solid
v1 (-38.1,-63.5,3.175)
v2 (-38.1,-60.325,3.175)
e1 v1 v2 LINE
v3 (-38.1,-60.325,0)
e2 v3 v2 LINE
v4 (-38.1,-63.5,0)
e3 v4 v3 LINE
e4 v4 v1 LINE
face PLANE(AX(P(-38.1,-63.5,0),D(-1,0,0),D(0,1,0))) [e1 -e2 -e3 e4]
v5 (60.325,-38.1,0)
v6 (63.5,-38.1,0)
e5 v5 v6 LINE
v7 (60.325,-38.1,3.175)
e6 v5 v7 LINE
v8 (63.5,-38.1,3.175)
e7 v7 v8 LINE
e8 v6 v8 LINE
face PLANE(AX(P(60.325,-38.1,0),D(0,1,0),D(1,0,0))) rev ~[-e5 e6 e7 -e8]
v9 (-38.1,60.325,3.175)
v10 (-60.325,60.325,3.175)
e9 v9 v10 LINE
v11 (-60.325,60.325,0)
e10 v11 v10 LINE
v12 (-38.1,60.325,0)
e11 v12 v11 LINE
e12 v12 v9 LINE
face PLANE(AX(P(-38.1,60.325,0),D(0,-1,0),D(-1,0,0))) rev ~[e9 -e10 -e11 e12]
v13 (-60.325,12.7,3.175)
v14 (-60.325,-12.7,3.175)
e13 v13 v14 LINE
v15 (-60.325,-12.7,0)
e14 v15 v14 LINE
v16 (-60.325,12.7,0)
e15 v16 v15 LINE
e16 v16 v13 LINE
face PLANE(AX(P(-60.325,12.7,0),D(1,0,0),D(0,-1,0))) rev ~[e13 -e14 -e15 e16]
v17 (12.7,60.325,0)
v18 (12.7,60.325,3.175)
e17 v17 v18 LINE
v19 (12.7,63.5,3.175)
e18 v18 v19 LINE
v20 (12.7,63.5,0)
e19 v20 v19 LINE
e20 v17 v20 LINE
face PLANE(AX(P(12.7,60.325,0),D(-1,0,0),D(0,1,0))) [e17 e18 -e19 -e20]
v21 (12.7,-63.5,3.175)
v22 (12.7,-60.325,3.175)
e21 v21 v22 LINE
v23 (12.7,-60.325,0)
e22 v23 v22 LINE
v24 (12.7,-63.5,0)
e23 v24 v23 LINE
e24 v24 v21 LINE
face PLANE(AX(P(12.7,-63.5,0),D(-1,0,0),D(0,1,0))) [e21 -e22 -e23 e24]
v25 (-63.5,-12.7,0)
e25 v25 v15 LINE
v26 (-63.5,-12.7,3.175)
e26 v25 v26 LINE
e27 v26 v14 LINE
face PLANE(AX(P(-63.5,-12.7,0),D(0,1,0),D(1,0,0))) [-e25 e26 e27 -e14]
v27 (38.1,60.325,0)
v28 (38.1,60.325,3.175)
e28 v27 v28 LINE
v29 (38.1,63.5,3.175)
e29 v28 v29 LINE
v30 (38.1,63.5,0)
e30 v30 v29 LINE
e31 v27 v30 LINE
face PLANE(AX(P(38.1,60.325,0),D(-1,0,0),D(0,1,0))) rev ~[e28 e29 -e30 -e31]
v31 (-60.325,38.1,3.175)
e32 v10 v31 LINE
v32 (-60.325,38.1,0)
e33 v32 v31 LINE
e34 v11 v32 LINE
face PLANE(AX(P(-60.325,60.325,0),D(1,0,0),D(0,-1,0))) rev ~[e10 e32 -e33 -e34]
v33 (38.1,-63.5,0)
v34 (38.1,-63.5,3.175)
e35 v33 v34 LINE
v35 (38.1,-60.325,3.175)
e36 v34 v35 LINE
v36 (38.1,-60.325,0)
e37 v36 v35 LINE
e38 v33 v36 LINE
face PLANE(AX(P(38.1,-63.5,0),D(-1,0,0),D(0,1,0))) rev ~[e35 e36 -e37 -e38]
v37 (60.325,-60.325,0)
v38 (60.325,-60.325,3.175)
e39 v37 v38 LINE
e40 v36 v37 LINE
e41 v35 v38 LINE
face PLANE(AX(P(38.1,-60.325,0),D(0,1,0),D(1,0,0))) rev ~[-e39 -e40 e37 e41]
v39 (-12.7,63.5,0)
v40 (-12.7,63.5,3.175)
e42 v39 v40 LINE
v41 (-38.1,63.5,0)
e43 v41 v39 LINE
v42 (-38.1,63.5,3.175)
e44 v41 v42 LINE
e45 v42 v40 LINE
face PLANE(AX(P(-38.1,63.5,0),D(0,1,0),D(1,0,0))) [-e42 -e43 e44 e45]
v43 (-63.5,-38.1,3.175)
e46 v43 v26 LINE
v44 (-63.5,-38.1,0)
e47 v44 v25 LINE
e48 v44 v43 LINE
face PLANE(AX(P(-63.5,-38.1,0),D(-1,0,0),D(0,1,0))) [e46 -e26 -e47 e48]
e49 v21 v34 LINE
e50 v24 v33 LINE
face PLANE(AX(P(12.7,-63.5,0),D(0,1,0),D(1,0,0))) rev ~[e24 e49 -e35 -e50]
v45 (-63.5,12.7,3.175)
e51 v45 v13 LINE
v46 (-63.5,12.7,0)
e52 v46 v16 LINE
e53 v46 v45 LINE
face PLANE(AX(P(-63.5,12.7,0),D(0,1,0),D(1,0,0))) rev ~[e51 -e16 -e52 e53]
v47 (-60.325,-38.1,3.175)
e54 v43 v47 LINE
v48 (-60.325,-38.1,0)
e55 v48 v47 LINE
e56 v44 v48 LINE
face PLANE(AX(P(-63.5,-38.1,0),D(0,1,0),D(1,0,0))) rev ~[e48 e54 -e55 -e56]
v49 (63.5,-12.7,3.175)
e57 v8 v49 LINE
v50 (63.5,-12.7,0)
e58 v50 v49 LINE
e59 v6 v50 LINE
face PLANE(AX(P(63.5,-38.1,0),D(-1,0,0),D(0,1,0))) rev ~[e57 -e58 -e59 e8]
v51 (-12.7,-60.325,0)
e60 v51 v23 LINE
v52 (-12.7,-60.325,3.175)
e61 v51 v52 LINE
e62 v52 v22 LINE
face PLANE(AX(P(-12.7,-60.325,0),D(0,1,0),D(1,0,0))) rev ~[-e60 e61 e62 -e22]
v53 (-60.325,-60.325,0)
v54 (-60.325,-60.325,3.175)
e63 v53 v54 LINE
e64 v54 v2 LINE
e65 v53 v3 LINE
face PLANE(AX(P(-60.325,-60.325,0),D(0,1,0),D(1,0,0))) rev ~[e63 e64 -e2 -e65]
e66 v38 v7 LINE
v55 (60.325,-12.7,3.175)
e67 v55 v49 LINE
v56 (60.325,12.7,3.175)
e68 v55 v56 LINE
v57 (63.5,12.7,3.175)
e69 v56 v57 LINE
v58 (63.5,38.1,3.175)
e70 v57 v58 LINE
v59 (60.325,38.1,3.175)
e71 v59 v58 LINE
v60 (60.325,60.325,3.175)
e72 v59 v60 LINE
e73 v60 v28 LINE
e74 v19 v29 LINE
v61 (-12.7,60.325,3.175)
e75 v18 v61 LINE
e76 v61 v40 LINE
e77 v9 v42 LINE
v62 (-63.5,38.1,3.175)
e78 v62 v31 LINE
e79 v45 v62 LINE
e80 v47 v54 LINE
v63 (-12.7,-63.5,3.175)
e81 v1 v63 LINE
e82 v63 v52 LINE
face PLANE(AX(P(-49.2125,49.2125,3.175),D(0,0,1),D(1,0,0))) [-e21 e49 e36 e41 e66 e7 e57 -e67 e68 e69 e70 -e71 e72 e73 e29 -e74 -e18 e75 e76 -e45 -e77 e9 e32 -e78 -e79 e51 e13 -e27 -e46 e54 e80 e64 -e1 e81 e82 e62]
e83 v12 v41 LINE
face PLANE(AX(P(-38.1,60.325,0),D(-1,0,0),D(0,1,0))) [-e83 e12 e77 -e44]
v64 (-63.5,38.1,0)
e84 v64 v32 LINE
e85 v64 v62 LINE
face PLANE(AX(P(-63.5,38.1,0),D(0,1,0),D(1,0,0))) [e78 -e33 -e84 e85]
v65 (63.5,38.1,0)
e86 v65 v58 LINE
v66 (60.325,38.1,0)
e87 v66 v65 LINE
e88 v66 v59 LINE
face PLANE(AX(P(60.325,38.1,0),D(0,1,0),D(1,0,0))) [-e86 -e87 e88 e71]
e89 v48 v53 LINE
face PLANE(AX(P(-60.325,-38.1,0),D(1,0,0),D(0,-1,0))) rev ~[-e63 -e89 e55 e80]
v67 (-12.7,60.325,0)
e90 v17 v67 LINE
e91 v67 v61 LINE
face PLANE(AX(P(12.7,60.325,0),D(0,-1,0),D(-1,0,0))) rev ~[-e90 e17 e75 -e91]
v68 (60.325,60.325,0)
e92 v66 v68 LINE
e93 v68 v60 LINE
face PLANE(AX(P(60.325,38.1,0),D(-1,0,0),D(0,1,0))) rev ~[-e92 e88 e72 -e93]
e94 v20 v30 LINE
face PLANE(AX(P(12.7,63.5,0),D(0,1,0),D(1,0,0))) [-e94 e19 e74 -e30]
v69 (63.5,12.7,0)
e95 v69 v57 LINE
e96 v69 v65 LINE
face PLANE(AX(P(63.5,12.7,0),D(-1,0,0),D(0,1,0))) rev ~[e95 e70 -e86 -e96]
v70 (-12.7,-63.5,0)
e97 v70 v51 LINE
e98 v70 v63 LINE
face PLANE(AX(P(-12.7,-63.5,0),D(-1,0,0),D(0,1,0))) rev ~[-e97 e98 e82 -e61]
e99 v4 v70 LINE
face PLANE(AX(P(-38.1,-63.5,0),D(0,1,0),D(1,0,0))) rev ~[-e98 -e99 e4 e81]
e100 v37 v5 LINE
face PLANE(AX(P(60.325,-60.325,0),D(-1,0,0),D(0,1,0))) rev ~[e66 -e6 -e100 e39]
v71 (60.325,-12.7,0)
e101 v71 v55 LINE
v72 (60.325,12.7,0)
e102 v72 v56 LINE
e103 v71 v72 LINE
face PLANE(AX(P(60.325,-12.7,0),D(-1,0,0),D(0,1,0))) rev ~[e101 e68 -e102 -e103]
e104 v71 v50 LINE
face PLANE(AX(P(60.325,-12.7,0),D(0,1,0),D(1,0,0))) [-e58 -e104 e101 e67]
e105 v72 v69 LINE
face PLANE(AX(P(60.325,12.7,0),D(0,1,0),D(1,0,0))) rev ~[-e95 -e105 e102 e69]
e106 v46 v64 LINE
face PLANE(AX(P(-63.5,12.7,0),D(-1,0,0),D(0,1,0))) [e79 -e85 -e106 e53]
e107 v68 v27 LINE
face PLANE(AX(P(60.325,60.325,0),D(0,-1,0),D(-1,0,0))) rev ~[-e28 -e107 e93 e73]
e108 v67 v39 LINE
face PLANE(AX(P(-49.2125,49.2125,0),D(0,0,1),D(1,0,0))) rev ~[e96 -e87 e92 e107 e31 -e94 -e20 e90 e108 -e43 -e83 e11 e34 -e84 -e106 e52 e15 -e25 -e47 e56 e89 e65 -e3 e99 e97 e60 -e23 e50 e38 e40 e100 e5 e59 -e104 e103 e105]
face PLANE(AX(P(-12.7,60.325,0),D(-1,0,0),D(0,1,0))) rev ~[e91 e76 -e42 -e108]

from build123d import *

# Parameters (mm, degrees)
F0_W     = 22.225
F0_H     = 22.225
F0_W_2   = 25.4
F0_H_2   = 25.4
F0_H_3   = 3.175
F0_W_3   = 3.175
F1_DEPTH = 3.175


with BuildPart() as f1:
    # F0 (on Top) → F1 (new body)
    with BuildSketch(Plane.XY):
        with Locations((-49.2125, 49.2125)):
            Rectangle(F0_W, F0_H)
        with Locations((-25.4, 49.2125)):
            Rectangle(F0_W_2, F0_H)
        with Locations((25.4, 49.2125)):
            Rectangle(F0_W_2, F0_H)
        with Locations((49.2125, 49.2125)):
            Rectangle(F0_W, F0_H)
        with Locations((49.2125, 25.4)):
            Rectangle(F0_W, F0_H_2)
        with Locations((25.4, 25.4)):
            Rectangle(F0_W_2, F0_H_2)
        with Locations((0, 25.4)):
            Rectangle(F0_W_2, F0_H_2)
        with Locations((-25.4, 25.4)):
            Rectangle(F0_W_2, F0_H_2)
        with Locations((-49.2125, 25.4)):
            Rectangle(F0_W, F0_H_2)
        with Locations((-49.2125, 0)):
            Rectangle(F0_W, F0_H_2)
        with Locations((-25.4, 0)):
            Rectangle(F0_W_2, F0_H_2)
        Rectangle(F0_W_2, F0_H_2)
        with Locations((25.4, 0)):
            Rectangle(F0_W_2, F0_H_2)
        with Locations((49.2125, 0)):
            Rectangle(F0_W, F0_H_2)
        with Locations((49.2125, -25.4)):
            Rectangle(F0_W, F0_H_2)
        with Locations((25.4, -25.4)):
            Rectangle(F0_W_2, F0_H_2)
        with Locations((0, -25.4)):
            Rectangle(F0_W_2, F0_H_2)
        with Locations((-25.4, -25.4)):
            Rectangle(F0_W_2, F0_H_2)
        with Locations((-49.2125, -25.4)):
            Rectangle(F0_W, F0_H_2)
        with Locations((-49.2125, -49.2125)):
            Rectangle(F0_W, F0_H)
        with Locations((-25.4, -49.2125)):
            Rectangle(F0_W_2, F0_H)
        with Locations((25.4, -49.2125)):
            Rectangle(F0_W_2, F0_H)
        with Locations((49.2125, -49.2125)):
            Rectangle(F0_W, F0_H)
        with Locations((0, 49.2125)):
            Rectangle(F0_W_2, F0_H)
        with Locations((0, -49.2125)):
            Rectangle(F0_W_2, F0_H)
        with Locations((-25.4, -61.9125)):
            Rectangle(F0_W_2, F0_H_3)
        with Locations((-61.9125, -25.4)):
            Rectangle(F0_W_3, F0_H_2)
        with Locations((-61.9125, 25.4)):
            Rectangle(F0_W_3, F0_H_2)
        with Locations((-25.4, 61.9125)):
            Rectangle(F0_W_2, F0_H_3)
        with Locations((25.4, 61.9125)):
            Rectangle(F0_W_2, F0_H_3)
        with Locations((61.9125, 25.4)):
            Rectangle(F0_W_3, F0_H_2)
        with Locations((61.9125, -25.4)):
            Rectangle(F0_W_3, F0_H_2)
        with Locations((25.4, -61.9125)):
            Rectangle(F0_W_2, F0_H_3)
    extrude(amount=F1_DEPTH)


solid = f1.part
